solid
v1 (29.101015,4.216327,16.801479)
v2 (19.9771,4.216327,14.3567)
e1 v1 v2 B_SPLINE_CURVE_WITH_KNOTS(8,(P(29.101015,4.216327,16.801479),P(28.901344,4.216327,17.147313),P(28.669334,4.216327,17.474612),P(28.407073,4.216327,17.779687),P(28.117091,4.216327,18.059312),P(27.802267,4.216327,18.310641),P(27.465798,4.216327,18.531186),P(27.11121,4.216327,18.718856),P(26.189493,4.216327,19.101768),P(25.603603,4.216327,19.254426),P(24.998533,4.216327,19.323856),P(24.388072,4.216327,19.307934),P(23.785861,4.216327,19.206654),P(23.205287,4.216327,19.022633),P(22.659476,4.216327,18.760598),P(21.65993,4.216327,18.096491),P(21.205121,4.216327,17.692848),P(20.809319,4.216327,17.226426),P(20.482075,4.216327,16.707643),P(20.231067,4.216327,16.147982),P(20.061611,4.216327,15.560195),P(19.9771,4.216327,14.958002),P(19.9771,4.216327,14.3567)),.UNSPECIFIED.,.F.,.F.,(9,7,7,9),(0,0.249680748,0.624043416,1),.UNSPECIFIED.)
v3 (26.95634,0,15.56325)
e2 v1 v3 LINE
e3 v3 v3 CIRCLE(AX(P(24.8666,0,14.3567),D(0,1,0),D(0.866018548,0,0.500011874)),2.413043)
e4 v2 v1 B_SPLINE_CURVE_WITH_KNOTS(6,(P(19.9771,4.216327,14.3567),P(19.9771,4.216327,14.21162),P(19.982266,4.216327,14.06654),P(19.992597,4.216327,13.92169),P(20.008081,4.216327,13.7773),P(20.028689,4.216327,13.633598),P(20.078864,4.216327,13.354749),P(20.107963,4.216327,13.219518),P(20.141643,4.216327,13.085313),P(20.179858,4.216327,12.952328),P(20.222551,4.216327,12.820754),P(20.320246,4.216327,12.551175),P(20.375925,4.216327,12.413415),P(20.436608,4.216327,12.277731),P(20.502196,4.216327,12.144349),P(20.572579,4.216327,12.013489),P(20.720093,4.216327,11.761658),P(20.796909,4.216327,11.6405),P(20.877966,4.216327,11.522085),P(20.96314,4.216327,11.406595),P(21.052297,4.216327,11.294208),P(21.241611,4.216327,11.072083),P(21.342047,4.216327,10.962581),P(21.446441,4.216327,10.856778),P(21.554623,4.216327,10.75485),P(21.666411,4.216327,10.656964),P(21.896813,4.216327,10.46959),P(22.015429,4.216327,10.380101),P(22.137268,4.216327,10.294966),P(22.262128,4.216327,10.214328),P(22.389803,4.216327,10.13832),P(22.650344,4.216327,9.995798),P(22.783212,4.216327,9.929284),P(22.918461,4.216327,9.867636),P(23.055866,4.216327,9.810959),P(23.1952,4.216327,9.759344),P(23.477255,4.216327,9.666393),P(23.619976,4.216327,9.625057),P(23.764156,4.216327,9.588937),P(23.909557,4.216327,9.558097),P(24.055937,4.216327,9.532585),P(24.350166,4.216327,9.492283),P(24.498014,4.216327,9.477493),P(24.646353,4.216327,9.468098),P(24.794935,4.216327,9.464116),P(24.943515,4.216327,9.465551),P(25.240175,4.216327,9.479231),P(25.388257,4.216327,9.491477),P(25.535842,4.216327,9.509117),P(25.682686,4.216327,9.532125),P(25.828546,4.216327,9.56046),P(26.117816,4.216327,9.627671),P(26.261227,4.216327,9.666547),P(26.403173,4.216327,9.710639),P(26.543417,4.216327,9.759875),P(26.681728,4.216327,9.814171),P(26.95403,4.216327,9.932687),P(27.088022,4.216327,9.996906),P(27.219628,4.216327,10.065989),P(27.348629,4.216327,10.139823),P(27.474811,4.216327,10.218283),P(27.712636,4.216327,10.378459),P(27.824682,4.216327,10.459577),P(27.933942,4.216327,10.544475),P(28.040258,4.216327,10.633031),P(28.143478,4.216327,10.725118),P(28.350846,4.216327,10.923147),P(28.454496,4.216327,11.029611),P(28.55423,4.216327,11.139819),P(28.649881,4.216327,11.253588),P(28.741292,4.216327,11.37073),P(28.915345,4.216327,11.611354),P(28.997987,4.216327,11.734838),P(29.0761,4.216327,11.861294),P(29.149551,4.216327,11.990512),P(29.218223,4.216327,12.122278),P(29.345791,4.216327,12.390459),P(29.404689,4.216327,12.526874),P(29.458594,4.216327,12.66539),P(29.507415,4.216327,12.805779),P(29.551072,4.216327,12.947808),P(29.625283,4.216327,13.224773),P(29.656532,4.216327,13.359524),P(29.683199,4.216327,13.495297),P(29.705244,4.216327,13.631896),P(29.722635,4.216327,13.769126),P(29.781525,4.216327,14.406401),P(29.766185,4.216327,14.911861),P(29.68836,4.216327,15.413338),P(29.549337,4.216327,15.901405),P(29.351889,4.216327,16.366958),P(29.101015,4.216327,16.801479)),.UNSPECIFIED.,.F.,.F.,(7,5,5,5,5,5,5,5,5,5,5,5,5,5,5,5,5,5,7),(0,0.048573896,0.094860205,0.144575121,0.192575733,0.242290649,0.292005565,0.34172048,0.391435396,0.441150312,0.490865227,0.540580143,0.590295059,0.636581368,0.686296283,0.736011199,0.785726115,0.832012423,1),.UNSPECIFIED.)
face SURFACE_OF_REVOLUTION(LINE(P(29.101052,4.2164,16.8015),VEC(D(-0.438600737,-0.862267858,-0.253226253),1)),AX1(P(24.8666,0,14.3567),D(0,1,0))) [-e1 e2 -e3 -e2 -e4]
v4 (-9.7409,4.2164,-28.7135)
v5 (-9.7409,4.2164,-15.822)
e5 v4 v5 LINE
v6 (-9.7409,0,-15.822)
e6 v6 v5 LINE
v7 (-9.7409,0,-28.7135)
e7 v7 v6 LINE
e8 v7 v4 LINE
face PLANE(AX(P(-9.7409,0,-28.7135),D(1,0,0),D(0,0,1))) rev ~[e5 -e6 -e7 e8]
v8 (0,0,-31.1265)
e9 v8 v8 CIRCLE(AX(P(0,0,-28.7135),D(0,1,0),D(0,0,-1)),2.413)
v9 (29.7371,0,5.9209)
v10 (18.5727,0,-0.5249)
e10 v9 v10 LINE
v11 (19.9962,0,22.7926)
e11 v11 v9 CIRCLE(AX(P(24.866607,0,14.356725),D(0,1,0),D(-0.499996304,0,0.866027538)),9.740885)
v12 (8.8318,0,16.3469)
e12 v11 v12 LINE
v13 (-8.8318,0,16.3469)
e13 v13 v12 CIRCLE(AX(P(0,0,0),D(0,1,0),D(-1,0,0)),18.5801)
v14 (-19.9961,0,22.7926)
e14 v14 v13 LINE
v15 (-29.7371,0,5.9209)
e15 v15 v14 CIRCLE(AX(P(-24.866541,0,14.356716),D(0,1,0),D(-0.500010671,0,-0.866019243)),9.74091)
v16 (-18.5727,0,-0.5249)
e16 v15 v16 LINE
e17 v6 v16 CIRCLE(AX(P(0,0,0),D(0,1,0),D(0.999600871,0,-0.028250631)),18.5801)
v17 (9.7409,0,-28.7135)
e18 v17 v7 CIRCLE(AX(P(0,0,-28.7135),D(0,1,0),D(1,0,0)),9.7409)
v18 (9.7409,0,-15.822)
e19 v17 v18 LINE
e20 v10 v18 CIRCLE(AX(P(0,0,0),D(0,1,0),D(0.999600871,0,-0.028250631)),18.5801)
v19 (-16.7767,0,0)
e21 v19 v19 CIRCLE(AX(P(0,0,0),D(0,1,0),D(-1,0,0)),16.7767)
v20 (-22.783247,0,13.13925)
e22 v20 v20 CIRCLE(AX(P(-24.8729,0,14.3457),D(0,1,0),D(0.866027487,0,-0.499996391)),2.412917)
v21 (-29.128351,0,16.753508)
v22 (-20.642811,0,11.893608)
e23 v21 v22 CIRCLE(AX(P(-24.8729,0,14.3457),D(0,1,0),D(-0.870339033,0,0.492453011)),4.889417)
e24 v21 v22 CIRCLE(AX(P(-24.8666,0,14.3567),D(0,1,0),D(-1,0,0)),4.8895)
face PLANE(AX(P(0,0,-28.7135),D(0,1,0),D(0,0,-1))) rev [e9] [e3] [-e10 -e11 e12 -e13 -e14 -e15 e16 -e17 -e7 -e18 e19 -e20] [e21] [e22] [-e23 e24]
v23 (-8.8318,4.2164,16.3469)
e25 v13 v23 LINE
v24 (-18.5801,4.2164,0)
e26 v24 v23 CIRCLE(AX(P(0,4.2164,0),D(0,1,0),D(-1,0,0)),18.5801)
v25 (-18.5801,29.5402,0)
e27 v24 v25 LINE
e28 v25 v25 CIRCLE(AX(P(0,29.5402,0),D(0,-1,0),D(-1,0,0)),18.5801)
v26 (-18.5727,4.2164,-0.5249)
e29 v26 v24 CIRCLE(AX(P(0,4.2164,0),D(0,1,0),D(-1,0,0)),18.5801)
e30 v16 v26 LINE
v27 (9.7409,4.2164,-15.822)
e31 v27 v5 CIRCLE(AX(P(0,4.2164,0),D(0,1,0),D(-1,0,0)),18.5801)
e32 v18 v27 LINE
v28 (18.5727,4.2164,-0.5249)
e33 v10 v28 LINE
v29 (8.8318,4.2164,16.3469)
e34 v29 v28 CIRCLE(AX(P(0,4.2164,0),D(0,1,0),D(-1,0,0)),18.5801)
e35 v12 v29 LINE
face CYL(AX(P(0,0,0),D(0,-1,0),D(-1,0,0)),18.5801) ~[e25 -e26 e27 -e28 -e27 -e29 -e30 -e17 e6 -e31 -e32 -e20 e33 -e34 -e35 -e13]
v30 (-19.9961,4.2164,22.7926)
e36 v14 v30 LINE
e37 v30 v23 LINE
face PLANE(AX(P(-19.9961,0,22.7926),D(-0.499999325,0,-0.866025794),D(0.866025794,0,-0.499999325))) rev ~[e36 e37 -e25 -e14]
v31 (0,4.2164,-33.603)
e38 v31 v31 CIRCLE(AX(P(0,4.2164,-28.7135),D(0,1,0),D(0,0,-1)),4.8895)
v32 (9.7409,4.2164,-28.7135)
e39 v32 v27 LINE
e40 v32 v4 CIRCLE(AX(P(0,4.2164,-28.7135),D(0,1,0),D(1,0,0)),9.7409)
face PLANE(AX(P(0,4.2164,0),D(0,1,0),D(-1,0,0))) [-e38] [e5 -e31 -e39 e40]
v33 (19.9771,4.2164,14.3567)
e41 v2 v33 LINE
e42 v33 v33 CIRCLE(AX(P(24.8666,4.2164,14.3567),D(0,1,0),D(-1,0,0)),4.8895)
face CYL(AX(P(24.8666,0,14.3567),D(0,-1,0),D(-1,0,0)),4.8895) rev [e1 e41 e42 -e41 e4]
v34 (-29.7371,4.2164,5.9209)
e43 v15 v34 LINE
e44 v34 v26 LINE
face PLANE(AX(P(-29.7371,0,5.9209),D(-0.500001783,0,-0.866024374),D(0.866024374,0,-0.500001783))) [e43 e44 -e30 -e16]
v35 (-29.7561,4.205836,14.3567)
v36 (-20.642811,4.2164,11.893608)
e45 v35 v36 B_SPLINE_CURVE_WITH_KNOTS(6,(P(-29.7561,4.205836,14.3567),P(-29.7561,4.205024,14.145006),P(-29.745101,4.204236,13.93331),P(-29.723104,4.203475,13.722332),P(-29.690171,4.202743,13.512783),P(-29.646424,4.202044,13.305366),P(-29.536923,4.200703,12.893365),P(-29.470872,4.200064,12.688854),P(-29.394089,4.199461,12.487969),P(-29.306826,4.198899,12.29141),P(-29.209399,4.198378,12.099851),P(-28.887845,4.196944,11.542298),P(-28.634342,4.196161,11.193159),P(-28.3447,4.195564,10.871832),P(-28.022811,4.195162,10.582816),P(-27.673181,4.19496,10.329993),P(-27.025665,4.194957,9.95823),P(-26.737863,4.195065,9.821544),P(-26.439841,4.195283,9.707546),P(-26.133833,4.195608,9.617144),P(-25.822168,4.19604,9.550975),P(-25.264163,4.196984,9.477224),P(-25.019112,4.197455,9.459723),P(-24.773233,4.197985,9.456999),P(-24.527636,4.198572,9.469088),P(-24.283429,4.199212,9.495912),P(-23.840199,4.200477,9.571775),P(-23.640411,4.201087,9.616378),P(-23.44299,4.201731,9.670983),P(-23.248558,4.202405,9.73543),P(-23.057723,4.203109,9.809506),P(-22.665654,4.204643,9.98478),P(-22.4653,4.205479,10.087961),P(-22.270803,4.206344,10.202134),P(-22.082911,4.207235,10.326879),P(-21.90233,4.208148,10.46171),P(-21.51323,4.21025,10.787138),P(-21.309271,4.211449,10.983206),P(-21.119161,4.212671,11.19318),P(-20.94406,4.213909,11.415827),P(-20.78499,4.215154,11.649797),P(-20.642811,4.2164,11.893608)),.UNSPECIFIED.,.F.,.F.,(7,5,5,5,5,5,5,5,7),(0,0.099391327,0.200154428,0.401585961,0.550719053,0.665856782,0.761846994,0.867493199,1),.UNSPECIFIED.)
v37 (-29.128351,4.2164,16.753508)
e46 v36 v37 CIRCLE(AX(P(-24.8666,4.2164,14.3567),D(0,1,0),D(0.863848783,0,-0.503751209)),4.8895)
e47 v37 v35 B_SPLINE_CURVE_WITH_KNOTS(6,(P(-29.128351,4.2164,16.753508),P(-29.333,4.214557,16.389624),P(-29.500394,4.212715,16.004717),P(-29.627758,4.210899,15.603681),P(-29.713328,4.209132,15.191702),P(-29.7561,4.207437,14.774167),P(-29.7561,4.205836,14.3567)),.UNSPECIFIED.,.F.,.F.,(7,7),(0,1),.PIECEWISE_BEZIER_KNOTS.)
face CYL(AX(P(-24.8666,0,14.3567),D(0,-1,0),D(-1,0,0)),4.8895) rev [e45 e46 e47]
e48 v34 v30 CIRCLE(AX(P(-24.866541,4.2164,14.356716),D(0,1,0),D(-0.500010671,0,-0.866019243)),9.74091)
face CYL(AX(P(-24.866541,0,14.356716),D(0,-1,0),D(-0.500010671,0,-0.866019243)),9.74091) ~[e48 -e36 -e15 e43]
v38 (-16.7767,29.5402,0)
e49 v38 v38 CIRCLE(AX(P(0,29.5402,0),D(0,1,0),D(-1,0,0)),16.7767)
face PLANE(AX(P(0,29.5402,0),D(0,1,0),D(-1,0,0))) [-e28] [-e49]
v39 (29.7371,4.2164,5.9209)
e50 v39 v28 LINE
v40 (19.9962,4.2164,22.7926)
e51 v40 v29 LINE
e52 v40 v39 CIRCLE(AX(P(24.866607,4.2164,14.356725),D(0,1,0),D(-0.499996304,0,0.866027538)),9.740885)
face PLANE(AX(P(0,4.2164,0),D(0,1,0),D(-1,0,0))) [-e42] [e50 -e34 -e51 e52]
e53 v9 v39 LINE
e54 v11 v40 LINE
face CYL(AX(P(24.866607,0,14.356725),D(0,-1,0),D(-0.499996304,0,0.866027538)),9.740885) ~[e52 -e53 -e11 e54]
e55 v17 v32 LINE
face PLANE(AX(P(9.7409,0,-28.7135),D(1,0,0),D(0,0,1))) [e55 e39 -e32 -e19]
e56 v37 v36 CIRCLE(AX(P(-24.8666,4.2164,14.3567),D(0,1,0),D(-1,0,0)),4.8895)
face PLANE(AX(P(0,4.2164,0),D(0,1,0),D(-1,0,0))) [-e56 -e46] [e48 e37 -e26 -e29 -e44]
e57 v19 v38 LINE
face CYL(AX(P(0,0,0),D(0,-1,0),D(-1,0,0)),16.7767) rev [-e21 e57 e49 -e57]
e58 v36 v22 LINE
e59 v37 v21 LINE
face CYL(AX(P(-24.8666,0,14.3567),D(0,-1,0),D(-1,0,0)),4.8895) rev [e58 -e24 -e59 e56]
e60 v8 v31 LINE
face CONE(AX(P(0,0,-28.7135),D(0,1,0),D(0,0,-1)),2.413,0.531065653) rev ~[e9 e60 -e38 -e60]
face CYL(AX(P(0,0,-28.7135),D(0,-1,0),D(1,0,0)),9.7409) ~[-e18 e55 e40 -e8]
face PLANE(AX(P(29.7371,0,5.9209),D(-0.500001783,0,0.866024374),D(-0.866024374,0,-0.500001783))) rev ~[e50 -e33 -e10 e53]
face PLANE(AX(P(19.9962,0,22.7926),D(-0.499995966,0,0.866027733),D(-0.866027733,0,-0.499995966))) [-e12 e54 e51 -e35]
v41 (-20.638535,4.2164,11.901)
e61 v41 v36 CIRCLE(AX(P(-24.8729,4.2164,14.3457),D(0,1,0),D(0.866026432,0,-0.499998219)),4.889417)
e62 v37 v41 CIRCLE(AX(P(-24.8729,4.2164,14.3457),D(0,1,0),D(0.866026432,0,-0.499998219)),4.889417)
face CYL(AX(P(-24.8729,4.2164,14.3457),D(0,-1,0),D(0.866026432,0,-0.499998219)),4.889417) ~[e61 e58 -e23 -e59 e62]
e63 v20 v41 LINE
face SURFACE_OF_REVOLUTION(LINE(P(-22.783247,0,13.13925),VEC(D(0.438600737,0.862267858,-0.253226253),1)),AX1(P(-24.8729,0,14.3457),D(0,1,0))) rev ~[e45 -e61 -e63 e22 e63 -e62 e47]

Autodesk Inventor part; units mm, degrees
ref_plane "YZ Plane" through (0, 0, 0) normal (1, 0, 0) x (0, 1, 0)
ref_plane "XZ Plane" through (0, 0, 0) normal (0, 1, 0) x (-1, 0, 0)
sketch "Sketch1" plane through (0, 0, 0) normal (0, 1, 0) x (-1, 0, 0)
  circle A0 centre (0, 0) radius 16.7767
  circle A1 centre (0, 0) radius 18.5801
  circle A2 centre (-24.8666, 14.3567) radius 2.413
  circle A3 centre (-24.8666, 14.3567) radius 4.8895
  line L0 (-29.7371, 5.9209) -> (-18.5727, -0.5249)
  line L1 (-19.9962, 22.7926) -> (-8.8318, 16.3469)
  arc A4 (-19.9962, 22.7926) -> (-29.7371, 5.9209) centre (-24.8666, 14.3567) ccw
  circle A5 centre (0, -28.7135) radius 2.413
  circle A6 centre (0, -28.7135) radius 4.8895
  line L2 (-9.7409, -28.7135) -> (-9.7409, -15.822)
  arc A7 (-9.7409, -28.7135) -> (9.7409, -28.7135) centre (0, -28.7135) ccw
  line L3 (9.7409, -28.7135) -> (9.7409, -15.822)
  circle A8 centre (24.8666, 14.3567) radius 2.413
  circle A9 centre (24.8666, 14.3567) radius 4.8895
  line L4 (29.7371, 5.9209) -> (18.5727, -0.5249)
  arc A10 (29.7371, 5.9209) -> (19.9961, 22.7926) centre (24.8666, 14.3567) ccw
  line L5 (19.9961, 22.7926) -> (8.8318, 16.3469)
  point P0 (0, 14.3567)
  point P1 (-16.0908, 9.29)
extrude "Extrusion1" add sketch "Sketch1" along normal blind 29.5402 contours A1
extrude "Extrusion2" add sketch "Sketch1" along normal blind 4.2164 contours A1 L0 A4 L1
extrude "Extrusion3" add sketch "Sketch1" along normal blind 4.2164 contours A1 L5 A10 L4
extrude "Extrusion4" add sketch "Sketch1" along normal blind 4.2164 contours L3 A7 L2 A1
sketch "Sketch2" plane through (0, 4.2164, 0) normal (0, 1, 0) x (1, 0, 0)
  arc A0 (-29.7371, -5.9209) -> (-19.9961, -22.7926) centre (-24.8666, -14.3567) ccw projected
  line L0 (-19.9961, -22.7926) -> (-8.8318, -16.3469) projected
  arc A1 (-18.5727, 0.5249) -> (-8.8318, -16.3469) centre (0, 0) ccw projected
  line L1 (-18.5727, 0.5249) -> (-29.7371, -5.9209) projected
  circle A2 centre (24.8666, -14.3567) radius 4.8895 projected
  circle A3 centre (0, 28.7135) radius 4.8895 projected
  arc A4 (9.7409, 28.7135) -> (-9.7409, 28.7135) centre (0, 28.7135) ccw projected
  line L2 (9.7409, 15.822) -> (9.7409, 28.7135) projected
  line L3 (-9.7409, 28.7135) -> (-9.7409, 15.822) projected
  circle A5 centre (0, 28.7135) radius 2.413 projected
  line L4 (29.7371, -5.9209) -> (18.5727, 0.5249) projected
  arc A6 (19.9962, -22.7926) -> (29.7371, -5.9209) centre (24.8666, -14.3567) ccw projected
  circle A7 centre (24.8666, -14.3567) radius 2.413 projected
  line L5 (8.8318, -16.3469) -> (19.9962, -22.7926) projected
  circle A8 centre (0, 0) radius 18.5801 projected
  circle A9 centre (0, 0) radius 16.7767 projected
ref_plane "Work Plane1" through (-13.7086, 0, 7.9) normal (0.5, 0, 0.866) x (0.866, 0, -0.5)
sketch "Sketch3" plane through (-13.7086, 0, 7.9) normal (0.5, 0, 0.866) x (0.866, 0, -0.5)
  line L0 (-10.4785, 0) -> (-15.3045, 0) projected
  line L1 (-10.4785, 0) -> (-8.002, 4.2164)
  line L2 (-8.002, 4.2164) -> (-8.002, 0)
  line L3 (-8.002, 0) -> (-8.002, 4.2164) projected
  line L4 (-8.002, 0) -> (-10.4785, 0)
  line L5 (-12.8915, 0) -> (-12.8915, 4.2164) projected
  line L6 (-12.8915, 0) -> (-12.8915, 8.5631)
  point P0 (15.822, 0)
revolve "Revolution1" add sketch "Sketch3" angle 360 about axis through (-24.8729, 0, 14.3457) along (0, 1, 0)
ref_plane "Work Plane2" through (0, 0, 0) normal (0.5, 0, -0.866) x (0, 1, 0)
sketch "Sketch4" plane through (0, 0, 0) normal (0.5, 0, -0.866) x (0, 1, 0)
  line L0 (0, 26.3005) -> (0, 31.1265) projected
  line L1 (4.2164, 33.603) -> (4.2164, 23.824) projected
  line L2 (4.2164, 33.603) -> (0, 31.1265)
  line L3 (0, 23.824) -> (0, 33.603) projected
  line L4 (0, 31.1265) -> (0, 33.603)
  line L5 (0, 33.603) -> (4.2164, 33.603)
  line L6 (0, 28.7135) -> (10.3946, 28.7135)
  point P0 (0, 0)
revolve "Revolution2" add sketch "Sketch4" angle 360 about axis through (24.8666, 0, 14.3567) along (0, 1, 0) contours L3 L5 L2
ref_plane "Work Plane3" through (0, 0, 0) normal (-1, 0, 0) x (0, 1, 0)
sketch "Sketch5" plane through (0, 0, 0) normal (-1, 0, 0) x (0, 1, 0)
  line L0 (0, 26.3005) -> (0, 31.1265) projected
  line L1 (4.2164, 33.603) -> (4.2164, 23.824) projected
  line L2 (0, 31.1265) -> (4.2164, 33.603)
  line L3 (0, 23.824) -> (0, 33.603) projected
  line L4 (4.2164, 33.603) -> (0, 33.603)
  line L5 (0, 33.603) -> (0, 31.1265)
  line L6 (0, 28.7135) -> (13.6215, 28.7135)
  point P0 (0, 0)
revolve "Revolution3" add sketch "Sketch5" angle 360 about axis through (0, 0, -28.7135) along (0, 1, 0) contours L3 L4 L2
properties part number "Wood Mount 1 Inch"
